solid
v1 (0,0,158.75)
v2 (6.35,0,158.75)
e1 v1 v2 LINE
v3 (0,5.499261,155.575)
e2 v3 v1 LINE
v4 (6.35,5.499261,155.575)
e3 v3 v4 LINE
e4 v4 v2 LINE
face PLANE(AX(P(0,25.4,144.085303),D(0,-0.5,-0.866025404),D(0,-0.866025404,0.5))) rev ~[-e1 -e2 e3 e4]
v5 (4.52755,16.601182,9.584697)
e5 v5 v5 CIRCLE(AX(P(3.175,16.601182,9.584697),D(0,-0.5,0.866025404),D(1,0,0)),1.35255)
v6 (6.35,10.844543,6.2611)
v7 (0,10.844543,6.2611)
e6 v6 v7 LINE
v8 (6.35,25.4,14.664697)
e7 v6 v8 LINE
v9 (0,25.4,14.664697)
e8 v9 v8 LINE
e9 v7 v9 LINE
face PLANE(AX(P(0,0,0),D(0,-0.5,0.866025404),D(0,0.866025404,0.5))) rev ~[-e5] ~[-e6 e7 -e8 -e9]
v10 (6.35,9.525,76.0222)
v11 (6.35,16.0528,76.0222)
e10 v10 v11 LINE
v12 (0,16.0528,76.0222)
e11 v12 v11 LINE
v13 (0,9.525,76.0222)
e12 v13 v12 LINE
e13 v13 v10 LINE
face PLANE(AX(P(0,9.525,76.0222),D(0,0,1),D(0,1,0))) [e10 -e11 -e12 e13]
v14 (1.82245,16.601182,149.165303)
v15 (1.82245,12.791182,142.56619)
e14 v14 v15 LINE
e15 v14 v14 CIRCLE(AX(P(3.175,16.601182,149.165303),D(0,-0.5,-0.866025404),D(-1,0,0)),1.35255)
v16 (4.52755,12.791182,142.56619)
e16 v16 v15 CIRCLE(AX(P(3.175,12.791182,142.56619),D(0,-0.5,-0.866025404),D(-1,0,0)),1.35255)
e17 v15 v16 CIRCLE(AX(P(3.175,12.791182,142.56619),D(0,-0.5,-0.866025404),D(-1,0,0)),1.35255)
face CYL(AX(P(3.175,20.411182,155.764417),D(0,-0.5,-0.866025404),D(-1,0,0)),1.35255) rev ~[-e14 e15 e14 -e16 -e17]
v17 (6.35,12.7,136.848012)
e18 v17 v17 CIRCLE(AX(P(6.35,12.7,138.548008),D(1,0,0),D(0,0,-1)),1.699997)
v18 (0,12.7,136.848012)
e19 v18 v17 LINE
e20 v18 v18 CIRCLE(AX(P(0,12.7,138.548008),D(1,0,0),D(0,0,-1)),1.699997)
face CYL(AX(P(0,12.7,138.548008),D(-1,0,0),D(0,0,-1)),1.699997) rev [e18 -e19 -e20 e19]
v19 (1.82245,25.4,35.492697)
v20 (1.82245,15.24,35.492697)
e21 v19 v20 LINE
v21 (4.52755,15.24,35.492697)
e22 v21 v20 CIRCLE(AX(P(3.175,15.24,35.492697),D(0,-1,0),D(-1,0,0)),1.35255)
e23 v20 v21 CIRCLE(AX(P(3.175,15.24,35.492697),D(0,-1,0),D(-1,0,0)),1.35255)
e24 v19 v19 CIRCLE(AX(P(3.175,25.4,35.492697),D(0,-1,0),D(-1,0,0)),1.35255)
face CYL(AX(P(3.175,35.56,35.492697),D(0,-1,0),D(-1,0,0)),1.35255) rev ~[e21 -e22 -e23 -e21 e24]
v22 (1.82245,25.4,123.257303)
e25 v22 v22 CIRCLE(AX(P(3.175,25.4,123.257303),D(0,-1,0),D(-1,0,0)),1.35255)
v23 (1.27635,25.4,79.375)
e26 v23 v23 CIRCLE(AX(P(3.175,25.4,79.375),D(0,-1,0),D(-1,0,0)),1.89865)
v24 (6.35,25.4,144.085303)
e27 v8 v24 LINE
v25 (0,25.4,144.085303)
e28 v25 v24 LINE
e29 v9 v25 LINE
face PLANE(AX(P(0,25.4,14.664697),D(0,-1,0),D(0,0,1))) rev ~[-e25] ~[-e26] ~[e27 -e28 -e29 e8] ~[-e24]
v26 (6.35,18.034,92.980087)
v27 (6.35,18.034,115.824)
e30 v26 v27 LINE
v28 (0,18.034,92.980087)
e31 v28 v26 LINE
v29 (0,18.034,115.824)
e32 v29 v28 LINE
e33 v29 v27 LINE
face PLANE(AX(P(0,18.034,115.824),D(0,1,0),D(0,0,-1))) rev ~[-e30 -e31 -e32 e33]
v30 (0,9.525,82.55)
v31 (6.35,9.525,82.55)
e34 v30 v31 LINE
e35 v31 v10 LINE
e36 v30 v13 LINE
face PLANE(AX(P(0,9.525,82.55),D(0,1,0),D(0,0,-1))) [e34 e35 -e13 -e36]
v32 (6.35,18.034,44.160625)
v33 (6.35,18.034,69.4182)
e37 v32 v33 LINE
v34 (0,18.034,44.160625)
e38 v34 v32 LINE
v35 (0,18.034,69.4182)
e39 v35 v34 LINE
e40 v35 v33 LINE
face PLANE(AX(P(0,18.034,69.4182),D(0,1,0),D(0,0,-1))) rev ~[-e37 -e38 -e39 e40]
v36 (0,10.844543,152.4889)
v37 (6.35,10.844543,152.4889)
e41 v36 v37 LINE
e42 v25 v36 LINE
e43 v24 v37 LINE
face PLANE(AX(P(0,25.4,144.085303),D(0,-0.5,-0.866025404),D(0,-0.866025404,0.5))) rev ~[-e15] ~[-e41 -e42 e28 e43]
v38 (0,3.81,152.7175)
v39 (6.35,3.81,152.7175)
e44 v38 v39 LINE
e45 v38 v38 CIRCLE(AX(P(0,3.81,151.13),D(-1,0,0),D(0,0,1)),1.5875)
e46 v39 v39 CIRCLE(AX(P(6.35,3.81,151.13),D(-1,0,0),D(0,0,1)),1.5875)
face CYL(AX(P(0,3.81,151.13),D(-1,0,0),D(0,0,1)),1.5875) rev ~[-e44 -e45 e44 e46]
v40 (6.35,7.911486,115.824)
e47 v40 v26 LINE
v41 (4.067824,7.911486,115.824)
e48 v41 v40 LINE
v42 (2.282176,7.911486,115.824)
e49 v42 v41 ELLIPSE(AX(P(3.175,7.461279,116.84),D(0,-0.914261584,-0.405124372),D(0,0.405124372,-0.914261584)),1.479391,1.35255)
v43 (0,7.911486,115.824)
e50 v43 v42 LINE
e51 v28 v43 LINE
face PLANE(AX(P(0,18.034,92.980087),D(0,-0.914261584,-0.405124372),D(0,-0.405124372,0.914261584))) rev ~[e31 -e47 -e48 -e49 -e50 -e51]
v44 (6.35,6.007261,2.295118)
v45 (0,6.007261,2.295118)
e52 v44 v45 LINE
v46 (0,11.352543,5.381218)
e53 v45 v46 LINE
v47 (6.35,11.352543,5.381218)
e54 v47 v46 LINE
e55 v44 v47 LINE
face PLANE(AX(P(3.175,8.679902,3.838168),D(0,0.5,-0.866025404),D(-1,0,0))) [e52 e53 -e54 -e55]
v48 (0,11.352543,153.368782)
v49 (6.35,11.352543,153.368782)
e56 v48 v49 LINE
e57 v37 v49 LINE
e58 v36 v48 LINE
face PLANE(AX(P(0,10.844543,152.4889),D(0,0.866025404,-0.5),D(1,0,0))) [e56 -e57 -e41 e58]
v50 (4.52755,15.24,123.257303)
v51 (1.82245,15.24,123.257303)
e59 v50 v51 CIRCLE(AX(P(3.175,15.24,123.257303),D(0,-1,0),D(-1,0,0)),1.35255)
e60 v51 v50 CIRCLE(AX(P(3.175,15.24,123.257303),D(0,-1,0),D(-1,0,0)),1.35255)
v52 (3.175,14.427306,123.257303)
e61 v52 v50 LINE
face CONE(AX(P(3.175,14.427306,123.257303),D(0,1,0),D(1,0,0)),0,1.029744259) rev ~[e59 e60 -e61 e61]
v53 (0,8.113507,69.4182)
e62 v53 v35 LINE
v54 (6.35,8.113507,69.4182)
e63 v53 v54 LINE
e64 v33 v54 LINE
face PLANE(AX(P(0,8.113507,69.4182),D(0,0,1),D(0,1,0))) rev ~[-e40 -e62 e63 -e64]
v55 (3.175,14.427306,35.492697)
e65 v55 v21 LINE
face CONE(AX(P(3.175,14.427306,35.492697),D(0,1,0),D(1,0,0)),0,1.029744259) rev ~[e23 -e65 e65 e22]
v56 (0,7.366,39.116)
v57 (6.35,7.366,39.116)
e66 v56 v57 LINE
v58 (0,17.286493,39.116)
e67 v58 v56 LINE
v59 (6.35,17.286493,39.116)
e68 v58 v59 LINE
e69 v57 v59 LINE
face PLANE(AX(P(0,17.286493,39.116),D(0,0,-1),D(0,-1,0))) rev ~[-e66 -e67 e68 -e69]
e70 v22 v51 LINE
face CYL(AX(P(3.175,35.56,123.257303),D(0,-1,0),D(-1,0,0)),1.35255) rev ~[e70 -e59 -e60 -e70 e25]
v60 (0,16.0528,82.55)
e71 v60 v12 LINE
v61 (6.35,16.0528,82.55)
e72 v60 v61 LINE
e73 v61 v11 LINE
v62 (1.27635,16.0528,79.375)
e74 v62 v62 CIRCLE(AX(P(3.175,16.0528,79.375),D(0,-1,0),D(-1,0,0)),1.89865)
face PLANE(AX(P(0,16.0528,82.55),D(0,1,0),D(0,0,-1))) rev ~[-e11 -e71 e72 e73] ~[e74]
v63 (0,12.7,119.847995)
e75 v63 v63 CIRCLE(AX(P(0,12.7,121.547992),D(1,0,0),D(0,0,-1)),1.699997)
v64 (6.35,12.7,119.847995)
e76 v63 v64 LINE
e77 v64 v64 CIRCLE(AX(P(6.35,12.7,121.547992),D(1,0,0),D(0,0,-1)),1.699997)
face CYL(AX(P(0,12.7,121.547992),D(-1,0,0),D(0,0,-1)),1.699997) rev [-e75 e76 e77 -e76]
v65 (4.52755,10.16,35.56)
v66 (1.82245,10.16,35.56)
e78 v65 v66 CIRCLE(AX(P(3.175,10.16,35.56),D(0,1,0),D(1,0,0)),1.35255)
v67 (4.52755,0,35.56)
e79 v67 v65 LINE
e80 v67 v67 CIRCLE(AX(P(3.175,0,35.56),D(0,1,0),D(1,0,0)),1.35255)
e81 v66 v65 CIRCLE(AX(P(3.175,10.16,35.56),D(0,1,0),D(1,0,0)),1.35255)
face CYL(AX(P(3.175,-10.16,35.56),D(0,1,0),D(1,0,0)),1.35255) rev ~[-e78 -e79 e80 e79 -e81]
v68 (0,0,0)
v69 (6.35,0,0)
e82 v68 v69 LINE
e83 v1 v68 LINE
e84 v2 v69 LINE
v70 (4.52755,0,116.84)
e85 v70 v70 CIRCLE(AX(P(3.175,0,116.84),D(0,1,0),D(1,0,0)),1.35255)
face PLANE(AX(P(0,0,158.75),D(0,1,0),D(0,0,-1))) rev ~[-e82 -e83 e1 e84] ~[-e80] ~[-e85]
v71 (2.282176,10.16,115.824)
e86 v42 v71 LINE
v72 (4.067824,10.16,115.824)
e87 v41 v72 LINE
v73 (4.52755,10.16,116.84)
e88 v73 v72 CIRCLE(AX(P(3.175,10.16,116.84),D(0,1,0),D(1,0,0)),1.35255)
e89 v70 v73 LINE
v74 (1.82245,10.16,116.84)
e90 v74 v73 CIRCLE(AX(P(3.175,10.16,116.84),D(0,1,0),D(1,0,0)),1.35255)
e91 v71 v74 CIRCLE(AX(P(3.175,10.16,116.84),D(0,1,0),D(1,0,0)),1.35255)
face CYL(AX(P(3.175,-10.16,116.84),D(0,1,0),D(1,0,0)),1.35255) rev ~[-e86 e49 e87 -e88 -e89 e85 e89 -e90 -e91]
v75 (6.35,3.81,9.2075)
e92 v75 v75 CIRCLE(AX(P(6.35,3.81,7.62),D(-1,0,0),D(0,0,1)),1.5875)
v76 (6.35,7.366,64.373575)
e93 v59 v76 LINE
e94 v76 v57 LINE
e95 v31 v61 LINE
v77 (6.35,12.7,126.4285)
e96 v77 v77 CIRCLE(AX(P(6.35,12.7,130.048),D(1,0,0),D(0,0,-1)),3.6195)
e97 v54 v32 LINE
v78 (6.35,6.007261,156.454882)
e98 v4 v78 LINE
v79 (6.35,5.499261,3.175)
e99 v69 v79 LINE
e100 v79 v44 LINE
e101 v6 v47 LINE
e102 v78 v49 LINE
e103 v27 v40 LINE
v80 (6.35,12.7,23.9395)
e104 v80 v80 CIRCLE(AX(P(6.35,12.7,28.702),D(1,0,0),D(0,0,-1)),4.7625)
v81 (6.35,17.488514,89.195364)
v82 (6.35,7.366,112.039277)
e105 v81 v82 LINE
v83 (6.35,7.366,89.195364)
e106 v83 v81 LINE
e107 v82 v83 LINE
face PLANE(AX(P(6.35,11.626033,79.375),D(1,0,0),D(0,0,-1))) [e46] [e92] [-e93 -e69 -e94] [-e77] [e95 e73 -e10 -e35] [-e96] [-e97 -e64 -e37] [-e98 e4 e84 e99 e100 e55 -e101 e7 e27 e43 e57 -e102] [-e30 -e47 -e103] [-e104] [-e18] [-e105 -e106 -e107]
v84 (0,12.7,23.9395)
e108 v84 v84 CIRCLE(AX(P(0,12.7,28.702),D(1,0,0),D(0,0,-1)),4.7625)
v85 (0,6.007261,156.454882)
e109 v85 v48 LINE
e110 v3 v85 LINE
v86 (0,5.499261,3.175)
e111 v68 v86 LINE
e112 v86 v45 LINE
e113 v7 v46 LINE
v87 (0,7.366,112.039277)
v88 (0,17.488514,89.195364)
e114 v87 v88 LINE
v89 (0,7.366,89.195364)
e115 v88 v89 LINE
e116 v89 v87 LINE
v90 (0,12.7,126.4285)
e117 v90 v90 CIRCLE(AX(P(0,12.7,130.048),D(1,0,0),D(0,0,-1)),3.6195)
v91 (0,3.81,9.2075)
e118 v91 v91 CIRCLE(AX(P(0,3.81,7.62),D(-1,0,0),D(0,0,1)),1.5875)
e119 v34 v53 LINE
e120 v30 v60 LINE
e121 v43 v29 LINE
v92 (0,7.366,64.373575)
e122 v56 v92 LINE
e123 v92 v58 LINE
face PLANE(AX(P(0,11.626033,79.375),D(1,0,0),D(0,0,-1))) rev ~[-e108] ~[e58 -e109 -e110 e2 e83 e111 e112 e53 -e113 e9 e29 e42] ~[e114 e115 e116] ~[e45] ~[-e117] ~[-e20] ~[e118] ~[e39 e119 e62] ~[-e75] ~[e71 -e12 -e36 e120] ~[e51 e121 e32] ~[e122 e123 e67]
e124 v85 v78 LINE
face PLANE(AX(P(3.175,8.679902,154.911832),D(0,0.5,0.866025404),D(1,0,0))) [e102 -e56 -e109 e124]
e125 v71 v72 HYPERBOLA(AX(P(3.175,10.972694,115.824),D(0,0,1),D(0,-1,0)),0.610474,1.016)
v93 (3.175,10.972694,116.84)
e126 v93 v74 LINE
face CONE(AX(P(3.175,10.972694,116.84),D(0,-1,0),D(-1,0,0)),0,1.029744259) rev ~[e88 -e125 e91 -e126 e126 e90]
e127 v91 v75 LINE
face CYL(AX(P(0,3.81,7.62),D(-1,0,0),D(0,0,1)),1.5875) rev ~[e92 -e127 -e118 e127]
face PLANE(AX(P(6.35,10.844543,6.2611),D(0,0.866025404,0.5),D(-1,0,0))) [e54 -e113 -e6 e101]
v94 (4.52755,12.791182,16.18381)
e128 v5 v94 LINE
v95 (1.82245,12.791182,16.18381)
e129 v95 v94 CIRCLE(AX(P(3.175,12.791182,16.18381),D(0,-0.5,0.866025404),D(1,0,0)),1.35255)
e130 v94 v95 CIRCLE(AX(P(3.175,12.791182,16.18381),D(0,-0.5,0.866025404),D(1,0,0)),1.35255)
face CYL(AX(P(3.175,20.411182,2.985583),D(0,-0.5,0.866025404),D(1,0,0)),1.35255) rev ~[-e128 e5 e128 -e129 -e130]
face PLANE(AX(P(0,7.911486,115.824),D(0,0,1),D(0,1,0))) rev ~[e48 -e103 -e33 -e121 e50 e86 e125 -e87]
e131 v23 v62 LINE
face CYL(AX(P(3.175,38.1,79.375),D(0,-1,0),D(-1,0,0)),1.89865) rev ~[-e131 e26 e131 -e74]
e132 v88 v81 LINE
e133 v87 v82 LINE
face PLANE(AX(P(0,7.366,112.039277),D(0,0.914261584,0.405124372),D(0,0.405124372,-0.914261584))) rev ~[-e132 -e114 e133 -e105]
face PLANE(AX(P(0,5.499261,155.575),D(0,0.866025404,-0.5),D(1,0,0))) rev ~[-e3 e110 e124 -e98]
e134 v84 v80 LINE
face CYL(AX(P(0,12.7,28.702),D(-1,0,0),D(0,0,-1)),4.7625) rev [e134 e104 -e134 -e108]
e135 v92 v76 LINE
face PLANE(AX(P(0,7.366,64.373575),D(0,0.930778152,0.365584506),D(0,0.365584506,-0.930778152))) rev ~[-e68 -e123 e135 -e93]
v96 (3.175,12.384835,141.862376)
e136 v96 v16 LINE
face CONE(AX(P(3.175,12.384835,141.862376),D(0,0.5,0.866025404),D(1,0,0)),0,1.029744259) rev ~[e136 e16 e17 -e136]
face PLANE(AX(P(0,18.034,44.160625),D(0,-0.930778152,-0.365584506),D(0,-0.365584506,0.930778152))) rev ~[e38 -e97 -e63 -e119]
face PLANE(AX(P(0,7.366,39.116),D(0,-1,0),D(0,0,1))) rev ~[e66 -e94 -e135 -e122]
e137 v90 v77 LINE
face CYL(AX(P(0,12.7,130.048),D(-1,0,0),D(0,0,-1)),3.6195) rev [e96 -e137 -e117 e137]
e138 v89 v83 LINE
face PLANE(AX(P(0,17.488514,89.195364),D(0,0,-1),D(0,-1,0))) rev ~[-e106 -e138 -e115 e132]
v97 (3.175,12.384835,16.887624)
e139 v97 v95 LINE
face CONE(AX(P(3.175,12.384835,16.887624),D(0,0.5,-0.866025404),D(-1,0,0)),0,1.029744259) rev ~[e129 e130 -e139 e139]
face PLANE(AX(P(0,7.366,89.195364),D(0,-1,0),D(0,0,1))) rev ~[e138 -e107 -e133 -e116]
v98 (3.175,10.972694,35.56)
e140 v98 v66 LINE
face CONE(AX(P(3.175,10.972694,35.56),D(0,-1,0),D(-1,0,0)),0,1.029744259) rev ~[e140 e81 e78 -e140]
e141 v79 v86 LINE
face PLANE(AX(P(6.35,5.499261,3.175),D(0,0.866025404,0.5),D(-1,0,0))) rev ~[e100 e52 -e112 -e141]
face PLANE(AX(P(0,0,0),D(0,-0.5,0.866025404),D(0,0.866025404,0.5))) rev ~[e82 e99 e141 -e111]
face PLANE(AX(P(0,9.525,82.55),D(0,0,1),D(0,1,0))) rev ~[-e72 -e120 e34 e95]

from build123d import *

# Parameters (mm, degrees)
SKETCH1_R                     = 3.6195
SKETCH1_R_2                   = 4.7625
SKETCH1_R_3                   = 1.6999966
SKETCH1_W                     = 6.5278
SKETCH1_H                     = 6.5278
BOSS_EXTRUDE1_DEPTH           = 6.35
TAP_DRILL_FOR_6_32_TAP4_D     = 2.7051
TAP_DRILL_FOR_6_32_TAP4_DEPTH = 10.16
TAP_DRILL_FOR_6_32_TAP4_TIP   = 0.81269403
TAP_DRILL_FOR_6_32_TAP3_D     = 2.7051
TAP_DRILL_FOR_6_32_TAP3_DEPTH = 10.16
TAP_DRILL_FOR_6_32_TAP3_TIP   = 0.81269403
SKETCH11_W                    = 6.35
SKETCH11_H                    = 6.1722
BOSS_EXTRUDE2_DEPTH           = 1.016
SKETCH12_W                    = 6.35
SKETCH12_H                    = 6.1722
BOSS_EXTRUDE3_DEPTH           = 1.016
TAP_DRILL_FOR_6_32_TAP1_D     = 2.7051
TAP_DRILL_FOR_6_32_TAP1_DEPTH = 7.62
TAP_DRILL_FOR_6_32_TAP1_TIP   = 0.81269403
TAP_DRILL_FOR_6_32_TAP2_D     = 2.7051
TAP_DRILL_FOR_6_32_TAP2_DEPTH = 7.62
TAP_DRILL_FOR_6_32_TAP2_TIP   = 0.81269403
F_6_CLEARANCE_HOLE1_D         = 3.7973
F_6_CLEARANCE_HOLE1_DEPTH     = 12.7
F_6_CLEARANCE_HOLE1_TIP       = 1.140824014
SKETCH19_R                    = 1.5875
CUT_EXTRUDE1_DEPTH            = 161.894515133
CUT_EXTRUDE2_DEPTH            = 161.894515133


with BuildPart() as part:
    # Sketch1 → Boss-Extrude1 (new body)
    with BuildSketch(Plane(origin=(0, 0, 0), x_dir=(0, 0, -1), z_dir=(1, 0, 0))):
        Polygon((0, 0), (-14.664696837, 25.4), (-144.085303163, 25.4), (-158.75, 0), align=None)
        with Locations((-130.048, 12.7)):
            Circle(SKETCH1_R, mode=Mode.SUBTRACT)
        with Locations((-28.702, 12.7)):
            Circle(SKETCH1_R_2, mode=Mode.SUBTRACT)
        with Locations((-121.5479916, 12.7)):
            Circle(SKETCH1_R_3, mode=Mode.SUBTRACT)
        with Locations((-138.5480084, 12.7)):
            Circle(SKETCH1_R_3, mode=Mode.SUBTRACT)
        with Locations((-79.2861, 12.7889)):
            Rectangle(SKETCH1_W, SKETCH1_H, mode=Mode.SUBTRACT)
    extrude(amount=BOSS_EXTRUDE1_DEPTH)

    # Tap Drill for #6-32 Tap4
    with Locations(Plane(origin=(0, 25.4, 0), x_dir=(1, 0, 0), z_dir=(0, 1, 0))):
        with Locations((3.175, -123.257303163), (3.175, -35.492696837)):
            Hole(TAP_DRILL_FOR_6_32_TAP4_D / 2, depth=TAP_DRILL_FOR_6_32_TAP4_DEPTH)
            with Locations((0, 0, -(TAP_DRILL_FOR_6_32_TAP4_DEPTH + TAP_DRILL_FOR_6_32_TAP4_TIP / 2))):  # 118° drill point
                Cone(0, TAP_DRILL_FOR_6_32_TAP4_D / 2, TAP_DRILL_FOR_6_32_TAP4_TIP, mode=Mode.SUBTRACT)

    # Tap Drill for #6-32 Tap3
    with Locations(Plane(origin=(0, 0, 0), x_dir=(-1, 0, 0), z_dir=(0, -1, 0))):
        with Locations((-3.175, -116.84), (-3.175, -35.56)):
            Hole(TAP_DRILL_FOR_6_32_TAP3_D / 2, depth=TAP_DRILL_FOR_6_32_TAP3_DEPTH)
            with Locations((0, 0, -(TAP_DRILL_FOR_6_32_TAP3_DEPTH + TAP_DRILL_FOR_6_32_TAP3_TIP / 2))):  # 118° drill point
                Cone(0, TAP_DRILL_FOR_6_32_TAP3_D / 2, TAP_DRILL_FOR_6_32_TAP3_TIP, mode=Mode.SUBTRACT)

    # Sketch11 → Boss-Extrude2 (add)
    with BuildSketch(Plane(origin=(0, 68.740766425, 119.0625), x_dir=(1, 0, 0), z_dir=(0, 0.5000000000000038, 0.8660254037844366))):
        with Locations((3.175, -69.9389)):
            Rectangle(SKETCH11_W, SKETCH11_H)
    extrude(amount=BOSS_EXTRUDE2_DEPTH)

    # Sketch12 → Boss-Extrude3 (add)
    with BuildSketch(Plane(origin=(0, 0, 0), x_dir=(-1, 0, 0), z_dir=(0, 0.499999999999998, -0.8660254037844397))):
        with Locations((-3.175, 9.4361)):
            Rectangle(SKETCH12_W, SKETCH12_H)
    extrude(amount=BOSS_EXTRUDE3_DEPTH)

    # Tap Drill for #6-32 Tap1
    with Locations(Plane(origin=(0, 68.740766425, 119.0625), x_dir=(1, 0, 0), z_dir=(0, 0.5000000000000038, 0.8660254037844366))):
        with Locations((3.175, -60.205606325)):
            Hole(TAP_DRILL_FOR_6_32_TAP1_D / 2, depth=TAP_DRILL_FOR_6_32_TAP1_DEPTH)
            with Locations((0, 0, -(TAP_DRILL_FOR_6_32_TAP1_DEPTH + TAP_DRILL_FOR_6_32_TAP1_TIP / 2))):  # 118° drill point
                Cone(0, TAP_DRILL_FOR_6_32_TAP1_D / 2, TAP_DRILL_FOR_6_32_TAP1_TIP, mode=Mode.SUBTRACT)

    # Tap Drill for #6-32 Tap2
    with Locations(Plane(origin=(0, 0, 0), x_dir=(-1, 0, 0), z_dir=(0, 0.49999999999999806, -0.8660254037844398))):
        with Locations((-3.175, 19.169393675)):
            Hole(TAP_DRILL_FOR_6_32_TAP2_D / 2, depth=TAP_DRILL_FOR_6_32_TAP2_DEPTH)
            with Locations((0, 0, -(TAP_DRILL_FOR_6_32_TAP2_DEPTH + TAP_DRILL_FOR_6_32_TAP2_TIP / 2))):  # 118° drill point
                Cone(0, TAP_DRILL_FOR_6_32_TAP2_D / 2, TAP_DRILL_FOR_6_32_TAP2_TIP, mode=Mode.SUBTRACT)

    # #6 Clearance Hole1
    with Locations(Plane(origin=(0, 25.4, 0), x_dir=(1, 0, 0), z_dir=(0, 1, 0))):
        with Locations((3.175, -79.375)):
            Hole(F_6_CLEARANCE_HOLE1_D / 2, depth=F_6_CLEARANCE_HOLE1_DEPTH)
            with Locations((0, 0, -(F_6_CLEARANCE_HOLE1_DEPTH + F_6_CLEARANCE_HOLE1_TIP / 2))):  # 118° drill point
                Cone(0, F_6_CLEARANCE_HOLE1_D / 2, F_6_CLEARANCE_HOLE1_TIP, mode=Mode.SUBTRACT)

    # Sketch19 → Cut-Extrude1 (cut, through all)
    with BuildSketch(Plane.ZY):
        with Locations((151.13, 3.81)):
            Circle(SKETCH19_R)
        with Locations((7.62, 3.81)):
            Circle(SKETCH19_R)
    extrude(amount=-CUT_EXTRUDE1_DEPTH, mode=Mode.SUBTRACT)

    # Sketch20 → Cut-Extrude2 (cut, through all)
    with BuildSketch(Plane.ZY):
        Polygon((64.373574984, 7.366), (39.116, 17.286492924), (39.116, 7.366), align=None)
        Polygon((69.4182, 18.034), (44.160625016, 18.034), (69.4182, 8.113507076), align=None)
        Polygon((112.039277302, 7.366), (89.195364135, 17.488514329), (89.195364135, 7.366), align=None)
        Polygon((115.824, 18.034), (92.980086833, 18.034), (115.824, 7.911485671), align=None)
    extrude(amount=-CUT_EXTRUDE2_DEPTH, mode=Mode.SUBTRACT)


solid = part.part
